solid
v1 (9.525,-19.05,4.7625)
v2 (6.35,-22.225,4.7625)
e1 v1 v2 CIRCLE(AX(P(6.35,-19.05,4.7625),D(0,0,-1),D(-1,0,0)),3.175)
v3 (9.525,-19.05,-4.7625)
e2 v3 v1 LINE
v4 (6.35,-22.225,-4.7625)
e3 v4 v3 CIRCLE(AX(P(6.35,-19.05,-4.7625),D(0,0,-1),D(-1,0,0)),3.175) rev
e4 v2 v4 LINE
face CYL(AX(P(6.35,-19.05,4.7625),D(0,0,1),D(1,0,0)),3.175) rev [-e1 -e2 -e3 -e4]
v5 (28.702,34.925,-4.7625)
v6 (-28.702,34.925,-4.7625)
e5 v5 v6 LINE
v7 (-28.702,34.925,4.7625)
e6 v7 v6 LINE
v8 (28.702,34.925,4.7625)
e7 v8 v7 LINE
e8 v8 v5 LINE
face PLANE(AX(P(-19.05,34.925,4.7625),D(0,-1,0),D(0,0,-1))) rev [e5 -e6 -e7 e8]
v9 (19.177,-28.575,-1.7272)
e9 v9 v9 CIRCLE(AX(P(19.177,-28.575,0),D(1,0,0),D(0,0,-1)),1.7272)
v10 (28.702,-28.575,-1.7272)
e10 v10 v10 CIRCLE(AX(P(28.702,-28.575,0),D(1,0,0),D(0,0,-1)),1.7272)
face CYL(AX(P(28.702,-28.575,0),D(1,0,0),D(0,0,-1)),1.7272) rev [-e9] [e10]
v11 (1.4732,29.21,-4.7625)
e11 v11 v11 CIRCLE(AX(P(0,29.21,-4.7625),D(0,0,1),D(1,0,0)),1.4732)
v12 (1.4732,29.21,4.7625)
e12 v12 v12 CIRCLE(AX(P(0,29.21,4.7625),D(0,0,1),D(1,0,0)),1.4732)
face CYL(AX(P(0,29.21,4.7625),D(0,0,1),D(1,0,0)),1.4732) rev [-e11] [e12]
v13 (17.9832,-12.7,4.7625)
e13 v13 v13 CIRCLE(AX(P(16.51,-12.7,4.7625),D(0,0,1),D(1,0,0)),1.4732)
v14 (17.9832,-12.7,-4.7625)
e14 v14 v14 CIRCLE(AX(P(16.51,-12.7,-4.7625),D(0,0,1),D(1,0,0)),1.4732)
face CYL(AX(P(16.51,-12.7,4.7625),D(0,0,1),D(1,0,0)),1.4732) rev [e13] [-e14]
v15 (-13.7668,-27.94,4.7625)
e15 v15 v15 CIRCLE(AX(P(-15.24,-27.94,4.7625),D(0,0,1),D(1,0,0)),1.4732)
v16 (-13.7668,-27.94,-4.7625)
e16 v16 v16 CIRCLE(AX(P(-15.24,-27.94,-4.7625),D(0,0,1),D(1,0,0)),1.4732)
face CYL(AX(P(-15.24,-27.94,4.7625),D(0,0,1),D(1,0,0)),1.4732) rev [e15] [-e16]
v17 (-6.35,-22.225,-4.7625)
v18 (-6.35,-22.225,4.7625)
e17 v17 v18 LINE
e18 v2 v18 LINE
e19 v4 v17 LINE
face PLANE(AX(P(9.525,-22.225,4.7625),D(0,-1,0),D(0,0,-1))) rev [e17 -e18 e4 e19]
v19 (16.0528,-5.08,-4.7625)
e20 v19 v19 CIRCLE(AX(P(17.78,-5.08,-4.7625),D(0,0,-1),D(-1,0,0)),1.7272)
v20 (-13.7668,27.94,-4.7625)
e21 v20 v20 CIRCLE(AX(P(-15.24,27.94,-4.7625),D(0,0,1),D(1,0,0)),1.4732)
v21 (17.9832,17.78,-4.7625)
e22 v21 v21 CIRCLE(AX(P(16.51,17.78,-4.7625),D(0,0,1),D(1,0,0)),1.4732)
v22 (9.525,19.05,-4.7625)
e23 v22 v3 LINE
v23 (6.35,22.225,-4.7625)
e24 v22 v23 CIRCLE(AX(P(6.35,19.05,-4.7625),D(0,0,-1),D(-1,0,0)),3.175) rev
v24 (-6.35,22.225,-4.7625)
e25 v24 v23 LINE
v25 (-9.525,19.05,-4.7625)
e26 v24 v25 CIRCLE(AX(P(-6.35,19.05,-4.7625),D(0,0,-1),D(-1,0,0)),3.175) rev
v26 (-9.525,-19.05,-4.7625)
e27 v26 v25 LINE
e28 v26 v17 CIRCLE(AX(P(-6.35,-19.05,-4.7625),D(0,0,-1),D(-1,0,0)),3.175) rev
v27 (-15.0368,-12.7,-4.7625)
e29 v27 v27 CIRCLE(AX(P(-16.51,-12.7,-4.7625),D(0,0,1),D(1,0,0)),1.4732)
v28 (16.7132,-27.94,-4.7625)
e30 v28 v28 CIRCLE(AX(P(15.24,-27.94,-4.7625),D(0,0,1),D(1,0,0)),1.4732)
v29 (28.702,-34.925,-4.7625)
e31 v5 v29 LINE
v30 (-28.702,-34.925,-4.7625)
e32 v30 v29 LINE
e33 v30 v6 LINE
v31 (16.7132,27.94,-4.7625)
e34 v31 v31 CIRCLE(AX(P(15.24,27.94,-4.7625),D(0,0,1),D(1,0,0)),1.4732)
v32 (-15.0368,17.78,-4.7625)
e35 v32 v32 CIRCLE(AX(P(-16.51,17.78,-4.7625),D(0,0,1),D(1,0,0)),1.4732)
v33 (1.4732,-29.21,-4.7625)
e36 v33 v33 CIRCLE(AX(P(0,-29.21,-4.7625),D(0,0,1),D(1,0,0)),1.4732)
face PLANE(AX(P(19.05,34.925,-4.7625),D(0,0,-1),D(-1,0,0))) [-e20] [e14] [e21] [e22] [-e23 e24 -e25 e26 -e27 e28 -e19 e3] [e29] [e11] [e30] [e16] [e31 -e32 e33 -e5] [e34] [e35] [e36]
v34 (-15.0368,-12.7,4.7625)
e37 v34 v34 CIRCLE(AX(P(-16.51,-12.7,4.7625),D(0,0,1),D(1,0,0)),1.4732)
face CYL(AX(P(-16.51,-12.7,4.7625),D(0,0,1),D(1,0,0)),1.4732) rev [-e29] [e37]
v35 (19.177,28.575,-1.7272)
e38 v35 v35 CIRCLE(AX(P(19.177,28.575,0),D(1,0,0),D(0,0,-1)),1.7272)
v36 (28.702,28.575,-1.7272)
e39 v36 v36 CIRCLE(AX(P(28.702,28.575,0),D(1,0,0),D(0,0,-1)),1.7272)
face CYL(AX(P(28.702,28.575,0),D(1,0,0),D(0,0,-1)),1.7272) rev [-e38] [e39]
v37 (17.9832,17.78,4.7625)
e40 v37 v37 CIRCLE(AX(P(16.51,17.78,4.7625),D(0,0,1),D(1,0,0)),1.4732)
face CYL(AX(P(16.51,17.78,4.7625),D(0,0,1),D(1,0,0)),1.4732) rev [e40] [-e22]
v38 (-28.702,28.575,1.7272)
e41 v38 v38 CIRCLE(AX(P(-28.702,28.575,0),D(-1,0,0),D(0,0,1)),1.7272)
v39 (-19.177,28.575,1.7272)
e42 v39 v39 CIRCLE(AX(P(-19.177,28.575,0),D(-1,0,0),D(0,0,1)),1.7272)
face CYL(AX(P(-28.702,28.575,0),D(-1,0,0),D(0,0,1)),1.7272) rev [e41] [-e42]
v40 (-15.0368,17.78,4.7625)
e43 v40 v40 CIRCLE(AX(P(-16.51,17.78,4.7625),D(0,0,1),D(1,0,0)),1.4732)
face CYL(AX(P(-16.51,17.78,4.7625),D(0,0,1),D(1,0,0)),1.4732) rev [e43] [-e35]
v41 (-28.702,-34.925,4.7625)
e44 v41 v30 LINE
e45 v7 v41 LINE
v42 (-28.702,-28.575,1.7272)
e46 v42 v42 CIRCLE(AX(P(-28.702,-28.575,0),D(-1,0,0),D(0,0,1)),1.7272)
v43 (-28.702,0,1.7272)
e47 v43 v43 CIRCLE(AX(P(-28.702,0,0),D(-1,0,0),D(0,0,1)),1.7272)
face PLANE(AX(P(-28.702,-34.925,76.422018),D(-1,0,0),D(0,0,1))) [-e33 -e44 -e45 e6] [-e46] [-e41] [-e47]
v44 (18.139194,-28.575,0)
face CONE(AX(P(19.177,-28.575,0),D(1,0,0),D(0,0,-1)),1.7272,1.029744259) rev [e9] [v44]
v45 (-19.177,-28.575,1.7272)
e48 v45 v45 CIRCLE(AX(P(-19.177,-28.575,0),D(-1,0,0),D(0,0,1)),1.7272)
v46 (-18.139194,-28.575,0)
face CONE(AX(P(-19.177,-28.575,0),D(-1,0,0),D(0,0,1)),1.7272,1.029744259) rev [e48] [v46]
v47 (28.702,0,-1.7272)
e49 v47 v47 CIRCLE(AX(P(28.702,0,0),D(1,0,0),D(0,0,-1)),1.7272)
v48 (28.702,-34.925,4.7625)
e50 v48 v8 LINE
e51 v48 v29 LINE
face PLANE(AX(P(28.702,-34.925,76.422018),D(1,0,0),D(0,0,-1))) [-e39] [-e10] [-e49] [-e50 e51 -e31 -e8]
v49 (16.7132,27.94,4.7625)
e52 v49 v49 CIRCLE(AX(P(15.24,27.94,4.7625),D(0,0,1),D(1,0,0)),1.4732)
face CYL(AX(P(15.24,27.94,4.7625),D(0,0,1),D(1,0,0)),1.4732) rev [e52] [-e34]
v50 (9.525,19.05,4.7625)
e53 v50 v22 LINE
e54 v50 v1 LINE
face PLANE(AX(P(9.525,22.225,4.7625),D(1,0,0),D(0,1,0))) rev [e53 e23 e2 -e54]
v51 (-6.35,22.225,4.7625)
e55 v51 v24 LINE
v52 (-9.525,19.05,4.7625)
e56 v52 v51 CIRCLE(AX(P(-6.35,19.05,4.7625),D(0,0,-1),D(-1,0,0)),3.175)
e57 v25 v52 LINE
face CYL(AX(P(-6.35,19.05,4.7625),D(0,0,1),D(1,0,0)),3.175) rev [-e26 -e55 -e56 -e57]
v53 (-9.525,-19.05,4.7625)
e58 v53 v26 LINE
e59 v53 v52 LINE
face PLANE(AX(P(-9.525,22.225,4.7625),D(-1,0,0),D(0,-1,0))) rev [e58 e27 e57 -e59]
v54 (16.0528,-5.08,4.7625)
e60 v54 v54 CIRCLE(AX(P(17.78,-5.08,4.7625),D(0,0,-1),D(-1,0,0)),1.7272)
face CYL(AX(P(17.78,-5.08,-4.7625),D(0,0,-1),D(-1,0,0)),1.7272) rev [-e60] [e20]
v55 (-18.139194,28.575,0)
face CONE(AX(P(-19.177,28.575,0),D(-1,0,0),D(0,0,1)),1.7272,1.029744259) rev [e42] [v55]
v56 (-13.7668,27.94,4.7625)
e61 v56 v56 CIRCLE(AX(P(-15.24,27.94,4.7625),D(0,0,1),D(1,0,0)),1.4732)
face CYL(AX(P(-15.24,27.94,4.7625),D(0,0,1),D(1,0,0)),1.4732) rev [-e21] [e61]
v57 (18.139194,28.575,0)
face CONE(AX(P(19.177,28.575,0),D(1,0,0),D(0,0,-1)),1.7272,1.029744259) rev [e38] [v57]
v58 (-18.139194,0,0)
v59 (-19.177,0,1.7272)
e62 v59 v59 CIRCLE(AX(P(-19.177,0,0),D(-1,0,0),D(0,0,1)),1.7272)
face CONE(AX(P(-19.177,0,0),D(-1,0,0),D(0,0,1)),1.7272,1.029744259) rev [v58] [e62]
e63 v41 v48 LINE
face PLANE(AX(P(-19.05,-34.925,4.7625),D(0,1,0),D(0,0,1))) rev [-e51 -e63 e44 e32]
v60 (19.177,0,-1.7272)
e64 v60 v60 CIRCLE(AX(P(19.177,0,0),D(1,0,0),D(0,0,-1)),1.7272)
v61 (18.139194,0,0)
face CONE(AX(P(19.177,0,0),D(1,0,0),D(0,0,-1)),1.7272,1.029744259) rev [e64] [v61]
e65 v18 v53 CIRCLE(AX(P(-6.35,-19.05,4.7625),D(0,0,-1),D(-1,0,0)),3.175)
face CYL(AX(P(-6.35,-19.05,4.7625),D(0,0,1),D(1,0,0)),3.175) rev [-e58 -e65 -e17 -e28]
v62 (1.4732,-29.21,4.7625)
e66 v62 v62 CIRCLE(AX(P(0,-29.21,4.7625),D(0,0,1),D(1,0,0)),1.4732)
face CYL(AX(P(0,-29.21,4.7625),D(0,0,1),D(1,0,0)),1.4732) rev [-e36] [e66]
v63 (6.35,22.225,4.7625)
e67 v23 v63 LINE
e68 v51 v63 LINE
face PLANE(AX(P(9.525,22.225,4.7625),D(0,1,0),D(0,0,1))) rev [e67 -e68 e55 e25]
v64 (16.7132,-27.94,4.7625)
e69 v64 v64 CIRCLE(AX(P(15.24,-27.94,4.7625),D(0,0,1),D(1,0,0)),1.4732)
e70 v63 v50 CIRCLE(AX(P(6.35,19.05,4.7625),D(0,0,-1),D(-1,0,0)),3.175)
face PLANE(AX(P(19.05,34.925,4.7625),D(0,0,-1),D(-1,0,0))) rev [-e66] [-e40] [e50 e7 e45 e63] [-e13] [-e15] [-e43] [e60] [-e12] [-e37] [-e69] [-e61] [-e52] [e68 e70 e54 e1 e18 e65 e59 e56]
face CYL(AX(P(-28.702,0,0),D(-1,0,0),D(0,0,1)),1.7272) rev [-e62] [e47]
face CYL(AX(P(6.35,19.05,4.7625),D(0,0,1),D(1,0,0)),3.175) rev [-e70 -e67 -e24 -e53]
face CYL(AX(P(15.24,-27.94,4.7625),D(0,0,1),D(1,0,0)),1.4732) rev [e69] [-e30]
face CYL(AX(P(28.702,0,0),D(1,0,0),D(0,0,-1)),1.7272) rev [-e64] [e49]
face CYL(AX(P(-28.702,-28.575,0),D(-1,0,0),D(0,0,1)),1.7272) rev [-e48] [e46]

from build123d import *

# Parameters (mm, degrees)
SKETCH2_W                      = 38.1
SKETCH2_H                      = 69.85
BOSS_EXTRUDE1_DEPTH            = 4.7625
FILLET1_R                      = 6.35
F_4_CLEARANCE_HOLE1_D          = 2.9464
BOSS_EXTRUDE2_DEPTH            = 9.525
F_8_32_TAPPED_HOLE1_AT_2_COUNT = 2
F_8_32_TAPPED_HOLE1_AT_2_PITCH = 28.575
F_8_32_TAPPED_HOLE1_AT_3_COUNT = 2
F_8_32_TAPPED_HOLE1_AT_3_PITCH = 28.575
SKETCH12_W                     = 19.05
SKETCH12_H                     = 44.45
CUT_EXTRUDE1_DEPTH             = 47.198333888
FILLET2_R                      = 3.175
F_8_32_TAPPED_HOLE2_D          = 3.4544


with BuildPart() as part:
    # Sketch2 → Boss-Extrude1 (new, symmetric)
    with BuildSketch(Plane.XY):
        Rectangle(SKETCH2_W, SKETCH2_H)
    extrude(amount=BOSS_EXTRUDE1_DEPTH, both=True)

    # Fillet1
    fillet1_edges = [part.edges().sort_by_distance(p)[0] for p in [
        (19.05, -34.925, 0),
        (-19.05, -34.925, 0),
        (-19.05, 34.925, 0),
        (19.05, 34.925, 0),
    ]]
    fillet(fillet1_edges, radius=FILLET1_R)

    # #4 Clearance Hole1 (through all)
    with Locations(Plane.XY.offset(4.7625)):
        with Locations((0, 29.21), (-15.24, 27.94), (15.24, 27.94), (-15.24, -27.94), (15.24, -27.94), (-16.51, 17.78), (-16.51, -12.7), (16.51, 17.78), (16.51, -12.7), (0, -29.21)):
            Hole(F_4_CLEARANCE_HOLE1_D / 2)

    # Sketch6 → Boss-Extrude2 (add)
    with BuildSketch(Plane(origin=(0, 0, -4.7625), x_dir=(-1, 0, 0), z_dir=(0, 0, -1))):
        with BuildLine():
            Line((-28.702, -34.925), (-12.7, -34.925))
            ThreePointArc((-12.7, -34.925), (-17.190128061, -33.065128061), (-19.05, -28.575))
            Line((-19.05, -28.575), (-19.05, 28.575))
            ThreePointArc((-19.05, 28.575), (-17.190128061, 33.065128061), (-12.7, 34.925))
            Line((-12.7, 34.925), (-28.702, 34.925))
            Line((-28.702, 34.925), (-28.702, -34.925))
        make_face()
        with BuildLine():
            Line((28.702, -34.925), (28.702, 34.925))
            Line((28.702, 34.925), (12.7, 34.925))
            ThreePointArc((12.7, 34.925), (17.190128061, 33.065128061), (19.05, 28.575))
            Line((19.05, 28.575), (19.05, -28.575))
            ThreePointArc((19.05, -28.575), (17.190128061, -33.065128061), (12.7, -34.925))
            Line((12.7, -34.925), (28.702, -34.925))
        make_face()
    extrude(amount=-BOSS_EXTRUDE2_DEPTH)

    # Sketch11 → #8-32 Tapped Hole1 (revolve, cut)
    with BuildSketch(Plane(origin=(28.702, 0, 0), x_dir=(0, 0, -1), z_dir=(0, 1, 0))):
        Polygon((0, 0), (0, 10.562806461), (1.7272, 9.525), (1.7272, 0), align=None)
    f_8_32_tapped_hole1 = revolve(axis=Axis((35.052, 0, 0), (-1, 0, 0)), mode=Mode.SUBTRACT)

    # #8-32 Tapped Hole1 at 2: #8-32 Tapped Hole1 ×2
    with Locations(*[(0, i * F_8_32_TAPPED_HOLE1_AT_2_PITCH, 0) for i in range(1, F_8_32_TAPPED_HOLE1_AT_2_COUNT)]):
        add(f_8_32_tapped_hole1, mode=Mode.SUBTRACT)

    # #8-32 Tapped Hole1 at 3: #8-32 Tapped Hole1 ×2
    with Locations(*[(0, -i * F_8_32_TAPPED_HOLE1_AT_3_PITCH, 0) for i in range(1, F_8_32_TAPPED_HOLE1_AT_3_COUNT)]):
        add(f_8_32_tapped_hole1, mode=Mode.SUBTRACT)

    # Mirror1: #8-32 Tapped Hole1 across plane
    add(f_8_32_tapped_hole1.mirror(Plane(origin=(0, 0, 0), x_dir=(0, 0, 1), z_dir=(1, 0, 0))), mode=Mode.SUBTRACT)

    # Mirror1 copy 1 sketch → Mirror1 copy 1 (revolve, cut)
    with BuildSketch(Plane(origin=(-28.702, 28.575, 0), x_dir=(0, 0, -1), z_dir=(0, 1, 0))):
        Polygon((0, 0), (0, -10.562806461), (1.7272, -9.525), (1.7272, 0), align=None)
    revolve(axis=Axis((-35.052, 28.575, 0), (-1, 0, 0)), mode=Mode.SUBTRACT)

    # Mirror1 copy 2 sketch → Mirror1 copy 2 (revolve, cut)
    with BuildSketch(Plane(origin=(-28.702, -28.575, 0), x_dir=(0, 0, -1), z_dir=(0, 1, 0))):
        Polygon((0, 0), (0, -10.562806461), (1.7272, -9.525), (1.7272, 0), align=None)
    revolve(axis=Axis((-35.052, -28.575, 0), (-1, 0, 0)), mode=Mode.SUBTRACT)

    # Sketch12 → Cut-Extrude1 (cut, through all)
    with BuildSketch(Plane(origin=(0, 0, -4.7625), x_dir=(-1, 0, 0), z_dir=(0, 0, -1))):
        Rectangle(SKETCH12_W, SKETCH12_H)
    extrude(amount=-CUT_EXTRUDE1_DEPTH, mode=Mode.SUBTRACT)

    # Fillet2
    fillet2_edges = [part.edges().sort_by_distance(p)[0] for p in [
        (-9.525, 22.225, 0),
        (-9.525, -22.225, 0),
        (9.525, -22.225, 0),
        (9.525, 22.225, 0),
    ]]
    fillet(fillet2_edges, radius=FILLET2_R)

    # #8-32 Tapped Hole2 (through all)
    with Locations(Plane(origin=(0, 0, -4.7625), x_dir=(-1, 0, 0), z_dir=(0, 0, -1))):
        with Locations((-17.78, -5.08)):
            Hole(F_8_32_TAPPED_HOLE2_D / 2)


solid = part.part
